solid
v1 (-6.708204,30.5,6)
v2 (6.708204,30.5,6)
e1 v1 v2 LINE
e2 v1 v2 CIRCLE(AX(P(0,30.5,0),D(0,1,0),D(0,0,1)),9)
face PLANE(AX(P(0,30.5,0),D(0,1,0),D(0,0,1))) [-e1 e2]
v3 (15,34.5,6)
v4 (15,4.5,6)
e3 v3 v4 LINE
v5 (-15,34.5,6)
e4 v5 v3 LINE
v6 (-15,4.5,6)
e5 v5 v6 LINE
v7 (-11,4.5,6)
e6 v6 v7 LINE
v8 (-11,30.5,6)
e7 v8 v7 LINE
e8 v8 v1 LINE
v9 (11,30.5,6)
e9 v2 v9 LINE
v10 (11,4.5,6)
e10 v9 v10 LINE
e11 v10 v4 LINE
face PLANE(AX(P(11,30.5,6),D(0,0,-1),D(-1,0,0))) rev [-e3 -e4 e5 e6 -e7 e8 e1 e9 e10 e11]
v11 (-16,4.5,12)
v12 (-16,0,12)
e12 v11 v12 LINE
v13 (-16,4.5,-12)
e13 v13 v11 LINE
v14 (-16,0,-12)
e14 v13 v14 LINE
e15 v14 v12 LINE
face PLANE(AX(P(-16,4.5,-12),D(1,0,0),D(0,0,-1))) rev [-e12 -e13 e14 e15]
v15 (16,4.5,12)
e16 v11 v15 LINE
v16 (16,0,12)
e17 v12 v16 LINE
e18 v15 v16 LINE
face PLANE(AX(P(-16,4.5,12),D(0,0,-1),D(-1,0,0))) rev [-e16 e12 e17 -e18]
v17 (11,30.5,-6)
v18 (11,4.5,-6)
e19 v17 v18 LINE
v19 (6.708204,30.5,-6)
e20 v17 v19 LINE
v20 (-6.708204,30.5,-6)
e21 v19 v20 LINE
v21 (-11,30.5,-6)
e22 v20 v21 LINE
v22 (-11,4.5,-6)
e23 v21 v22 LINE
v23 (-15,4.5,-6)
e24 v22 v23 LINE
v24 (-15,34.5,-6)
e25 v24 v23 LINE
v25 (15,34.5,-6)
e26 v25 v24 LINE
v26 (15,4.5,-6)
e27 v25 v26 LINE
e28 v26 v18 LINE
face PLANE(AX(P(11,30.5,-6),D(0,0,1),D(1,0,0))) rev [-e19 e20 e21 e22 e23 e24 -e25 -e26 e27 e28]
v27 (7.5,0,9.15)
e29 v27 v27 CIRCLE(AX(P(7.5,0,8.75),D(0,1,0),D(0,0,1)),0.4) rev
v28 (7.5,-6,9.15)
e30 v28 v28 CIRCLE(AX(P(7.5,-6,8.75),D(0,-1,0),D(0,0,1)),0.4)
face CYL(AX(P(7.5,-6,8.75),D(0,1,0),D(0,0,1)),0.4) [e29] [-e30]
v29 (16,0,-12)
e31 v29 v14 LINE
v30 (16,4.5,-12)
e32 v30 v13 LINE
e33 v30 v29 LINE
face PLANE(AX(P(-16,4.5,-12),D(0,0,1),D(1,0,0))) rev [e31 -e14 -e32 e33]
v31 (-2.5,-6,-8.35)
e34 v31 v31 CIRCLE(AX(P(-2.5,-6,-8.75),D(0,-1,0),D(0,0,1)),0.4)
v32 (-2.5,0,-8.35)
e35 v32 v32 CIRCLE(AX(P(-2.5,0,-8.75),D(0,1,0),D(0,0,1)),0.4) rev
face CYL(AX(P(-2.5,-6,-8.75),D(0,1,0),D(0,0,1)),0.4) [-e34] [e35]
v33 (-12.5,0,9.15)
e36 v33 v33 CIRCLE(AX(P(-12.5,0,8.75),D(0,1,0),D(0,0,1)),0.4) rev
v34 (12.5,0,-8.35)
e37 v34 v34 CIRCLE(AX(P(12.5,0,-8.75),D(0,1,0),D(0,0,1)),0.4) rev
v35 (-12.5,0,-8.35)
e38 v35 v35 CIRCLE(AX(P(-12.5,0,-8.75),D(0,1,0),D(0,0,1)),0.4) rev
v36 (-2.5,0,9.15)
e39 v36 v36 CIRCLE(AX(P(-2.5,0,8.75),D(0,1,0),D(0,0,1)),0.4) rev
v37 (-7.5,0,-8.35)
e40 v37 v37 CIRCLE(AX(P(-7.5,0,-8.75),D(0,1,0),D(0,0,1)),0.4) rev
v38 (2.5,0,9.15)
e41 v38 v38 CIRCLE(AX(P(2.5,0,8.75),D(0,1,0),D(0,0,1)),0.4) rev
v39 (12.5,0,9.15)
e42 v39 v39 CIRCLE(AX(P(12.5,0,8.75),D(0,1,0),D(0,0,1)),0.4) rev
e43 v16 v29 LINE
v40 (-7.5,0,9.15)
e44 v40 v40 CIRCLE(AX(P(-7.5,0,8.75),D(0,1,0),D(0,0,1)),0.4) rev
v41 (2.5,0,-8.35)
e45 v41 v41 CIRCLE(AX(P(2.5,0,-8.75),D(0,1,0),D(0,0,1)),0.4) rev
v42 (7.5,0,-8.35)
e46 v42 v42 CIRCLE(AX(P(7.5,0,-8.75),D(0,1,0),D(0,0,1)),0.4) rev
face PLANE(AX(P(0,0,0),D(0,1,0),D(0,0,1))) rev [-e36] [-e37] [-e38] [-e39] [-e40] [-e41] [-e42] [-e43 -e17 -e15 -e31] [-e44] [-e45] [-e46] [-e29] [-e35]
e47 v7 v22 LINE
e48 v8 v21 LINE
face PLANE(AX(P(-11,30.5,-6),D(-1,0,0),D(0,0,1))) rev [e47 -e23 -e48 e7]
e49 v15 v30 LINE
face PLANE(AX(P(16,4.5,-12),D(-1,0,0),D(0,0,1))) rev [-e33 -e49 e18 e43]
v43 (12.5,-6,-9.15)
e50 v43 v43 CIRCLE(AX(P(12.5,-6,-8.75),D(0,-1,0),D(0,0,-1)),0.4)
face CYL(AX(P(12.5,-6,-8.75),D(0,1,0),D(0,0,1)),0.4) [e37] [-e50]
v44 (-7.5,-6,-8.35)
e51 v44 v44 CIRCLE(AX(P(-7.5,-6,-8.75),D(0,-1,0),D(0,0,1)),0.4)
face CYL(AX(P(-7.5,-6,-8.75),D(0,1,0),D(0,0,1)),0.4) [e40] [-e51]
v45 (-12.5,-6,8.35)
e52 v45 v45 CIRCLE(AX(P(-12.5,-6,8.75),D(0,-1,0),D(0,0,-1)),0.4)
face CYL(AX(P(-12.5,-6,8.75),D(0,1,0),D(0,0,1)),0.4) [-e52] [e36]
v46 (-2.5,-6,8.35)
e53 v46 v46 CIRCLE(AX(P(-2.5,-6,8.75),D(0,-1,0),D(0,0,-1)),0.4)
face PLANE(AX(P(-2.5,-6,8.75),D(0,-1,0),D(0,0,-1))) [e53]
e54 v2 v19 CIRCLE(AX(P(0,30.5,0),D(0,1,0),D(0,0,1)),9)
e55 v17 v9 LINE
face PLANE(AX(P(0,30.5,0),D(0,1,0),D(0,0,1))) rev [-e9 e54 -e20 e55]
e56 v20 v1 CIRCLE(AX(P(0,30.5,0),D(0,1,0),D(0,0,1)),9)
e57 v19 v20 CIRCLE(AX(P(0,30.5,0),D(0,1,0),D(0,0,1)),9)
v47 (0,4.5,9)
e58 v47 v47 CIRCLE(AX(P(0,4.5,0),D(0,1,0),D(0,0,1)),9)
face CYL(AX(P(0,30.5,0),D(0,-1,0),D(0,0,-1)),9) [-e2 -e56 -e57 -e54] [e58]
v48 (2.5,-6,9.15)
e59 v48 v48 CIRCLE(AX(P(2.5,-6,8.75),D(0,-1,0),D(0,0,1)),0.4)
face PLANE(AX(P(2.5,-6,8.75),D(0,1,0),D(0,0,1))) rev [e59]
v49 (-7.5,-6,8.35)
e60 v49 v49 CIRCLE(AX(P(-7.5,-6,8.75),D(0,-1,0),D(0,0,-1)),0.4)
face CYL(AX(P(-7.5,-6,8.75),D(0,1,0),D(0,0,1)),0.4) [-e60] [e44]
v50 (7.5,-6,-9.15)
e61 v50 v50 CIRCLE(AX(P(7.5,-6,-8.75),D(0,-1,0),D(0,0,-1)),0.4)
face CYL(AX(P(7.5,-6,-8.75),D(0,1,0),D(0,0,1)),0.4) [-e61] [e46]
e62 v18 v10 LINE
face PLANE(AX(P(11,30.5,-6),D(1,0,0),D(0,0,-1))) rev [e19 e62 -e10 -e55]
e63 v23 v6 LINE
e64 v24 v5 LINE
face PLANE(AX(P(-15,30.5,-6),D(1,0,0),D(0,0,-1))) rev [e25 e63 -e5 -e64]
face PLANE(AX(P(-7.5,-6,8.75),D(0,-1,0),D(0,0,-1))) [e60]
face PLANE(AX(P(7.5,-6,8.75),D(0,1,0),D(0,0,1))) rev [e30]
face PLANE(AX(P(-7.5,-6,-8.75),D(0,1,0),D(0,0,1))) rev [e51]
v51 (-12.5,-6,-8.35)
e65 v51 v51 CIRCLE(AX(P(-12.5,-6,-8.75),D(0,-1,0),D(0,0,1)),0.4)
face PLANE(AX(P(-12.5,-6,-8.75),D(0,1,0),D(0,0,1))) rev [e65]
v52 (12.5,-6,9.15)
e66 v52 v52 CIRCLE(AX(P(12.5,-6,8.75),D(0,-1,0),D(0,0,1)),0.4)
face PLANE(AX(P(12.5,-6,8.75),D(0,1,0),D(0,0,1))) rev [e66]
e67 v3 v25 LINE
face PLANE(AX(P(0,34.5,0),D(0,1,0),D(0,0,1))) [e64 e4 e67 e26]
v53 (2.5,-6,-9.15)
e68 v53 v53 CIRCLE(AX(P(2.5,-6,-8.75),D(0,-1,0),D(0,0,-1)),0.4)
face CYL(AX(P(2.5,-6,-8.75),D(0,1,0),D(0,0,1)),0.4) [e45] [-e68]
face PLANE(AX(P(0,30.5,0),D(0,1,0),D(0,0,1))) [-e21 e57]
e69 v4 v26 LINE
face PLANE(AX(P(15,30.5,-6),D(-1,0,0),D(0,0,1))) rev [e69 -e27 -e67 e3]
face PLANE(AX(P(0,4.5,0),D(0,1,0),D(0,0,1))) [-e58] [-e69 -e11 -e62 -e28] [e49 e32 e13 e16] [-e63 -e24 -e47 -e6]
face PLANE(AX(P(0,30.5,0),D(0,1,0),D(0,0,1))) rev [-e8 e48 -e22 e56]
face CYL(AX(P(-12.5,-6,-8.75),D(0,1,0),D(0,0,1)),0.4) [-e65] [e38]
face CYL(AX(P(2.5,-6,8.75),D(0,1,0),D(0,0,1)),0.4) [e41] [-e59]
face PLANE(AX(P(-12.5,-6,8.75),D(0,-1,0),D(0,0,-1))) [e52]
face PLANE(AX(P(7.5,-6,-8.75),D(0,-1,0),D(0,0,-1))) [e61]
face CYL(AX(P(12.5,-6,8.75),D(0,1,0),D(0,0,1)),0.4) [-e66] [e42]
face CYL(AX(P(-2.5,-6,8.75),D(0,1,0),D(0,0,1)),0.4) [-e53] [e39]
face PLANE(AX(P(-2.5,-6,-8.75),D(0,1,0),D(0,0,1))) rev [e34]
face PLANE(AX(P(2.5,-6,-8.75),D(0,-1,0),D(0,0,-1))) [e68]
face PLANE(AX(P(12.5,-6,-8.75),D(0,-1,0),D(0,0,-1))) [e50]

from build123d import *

# Parameters (mm, degrees)
SKETCH_1_W      = 32
SKETCH_1_H      = 24
EXTRUDE_1_DEPTH = 4.5
SKETCH_2_R      = 9
SKETCH_2_W      = 4
SKETCH_2_H      = 12
EXTRUDE_2_DEPTH = 26
SKETCH_3_W      = 30
SKETCH_3_H      = 12
EXTRUDE_3_DEPTH = 4
SKETCH_4_R      = 0.4
EXTRUDE_4_DEPTH = 6


with BuildPart() as part:
    # 스케치1 → 보스-돌출1 (new body)
    with BuildSketch(Plane(origin=(0, 0, 0), x_dir=(1, 0, 0), z_dir=(0, 1, 0))):
        Rectangle(SKETCH_1_W, SKETCH_1_H)
    extrude(amount=EXTRUDE_1_DEPTH)

    # 스케치2 → 보스-돌출2 (add)
    with BuildSketch(Plane(origin=(0, 4.5, 0), x_dir=(1, 0, 0), z_dir=(0, 1, 0))):
        with Locations(Location((0, 0, 0), (0, 0, 90))):
            Circle(SKETCH_2_R)
        with Locations((-13, 0)):
            Rectangle(SKETCH_2_W, SKETCH_2_H)
        with Locations((13, 0)):
            Rectangle(SKETCH_2_W, SKETCH_2_H)
    extrude(amount=EXTRUDE_2_DEPTH)

    # 스케치3 → 보스-돌출3 (add)
    with BuildSketch(Plane(origin=(0, 30.5, 0), x_dir=(1, 0, 0), z_dir=(0, 1, 0))):
        Rectangle(SKETCH_3_W, SKETCH_3_H)
    extrude(amount=EXTRUDE_3_DEPTH)

    # 스케치4 → 보스-돌출4 (add)
    with BuildSketch(Plane.XZ):
        with Locations(Location((2.5, -8.75, 0), (0, 0, 90))):
            Circle(SKETCH_4_R)
        with Locations(Location((7.5, -8.75, 0), (0, 0, 90))):
            Circle(SKETCH_4_R)
        with Locations(Location((12.5, -8.75, 0), (0, 0, 90))):
            Circle(SKETCH_4_R)
        with Locations(Location((-12.5, -8.75, 0), (0, 0, 90))):
            Circle(SKETCH_4_R)
        with Locations(Location((-7.5, -8.75, 0), (0, 0, 90))):
            Circle(SKETCH_4_R)
        with Locations(Location((-2.5, -8.75, 0), (0, 0, 90))):
            Circle(SKETCH_4_R)
        with Locations(Location((-2.5, 8.75, 0), (0, 0, 90))):
            Circle(SKETCH_4_R)
        with Locations(Location((-7.5, 8.75, 0), (0, 0, 90))):
            Circle(SKETCH_4_R)
        with Locations(Location((-12.5, 8.75, 0), (0, 0, 90))):
            Circle(SKETCH_4_R)
        with Locations(Location((12.5, 8.75, 0), (0, 0, 90))):
            Circle(SKETCH_4_R)
        with Locations(Location((7.5, 8.75, 0), (0, 0, 90))):
            Circle(SKETCH_4_R)
        with Locations(Location((2.5, 8.75, 0), (0, 0, 90))):
            Circle(SKETCH_4_R)
    extrude(amount=EXTRUDE_4_DEPTH)


solid = part.part
